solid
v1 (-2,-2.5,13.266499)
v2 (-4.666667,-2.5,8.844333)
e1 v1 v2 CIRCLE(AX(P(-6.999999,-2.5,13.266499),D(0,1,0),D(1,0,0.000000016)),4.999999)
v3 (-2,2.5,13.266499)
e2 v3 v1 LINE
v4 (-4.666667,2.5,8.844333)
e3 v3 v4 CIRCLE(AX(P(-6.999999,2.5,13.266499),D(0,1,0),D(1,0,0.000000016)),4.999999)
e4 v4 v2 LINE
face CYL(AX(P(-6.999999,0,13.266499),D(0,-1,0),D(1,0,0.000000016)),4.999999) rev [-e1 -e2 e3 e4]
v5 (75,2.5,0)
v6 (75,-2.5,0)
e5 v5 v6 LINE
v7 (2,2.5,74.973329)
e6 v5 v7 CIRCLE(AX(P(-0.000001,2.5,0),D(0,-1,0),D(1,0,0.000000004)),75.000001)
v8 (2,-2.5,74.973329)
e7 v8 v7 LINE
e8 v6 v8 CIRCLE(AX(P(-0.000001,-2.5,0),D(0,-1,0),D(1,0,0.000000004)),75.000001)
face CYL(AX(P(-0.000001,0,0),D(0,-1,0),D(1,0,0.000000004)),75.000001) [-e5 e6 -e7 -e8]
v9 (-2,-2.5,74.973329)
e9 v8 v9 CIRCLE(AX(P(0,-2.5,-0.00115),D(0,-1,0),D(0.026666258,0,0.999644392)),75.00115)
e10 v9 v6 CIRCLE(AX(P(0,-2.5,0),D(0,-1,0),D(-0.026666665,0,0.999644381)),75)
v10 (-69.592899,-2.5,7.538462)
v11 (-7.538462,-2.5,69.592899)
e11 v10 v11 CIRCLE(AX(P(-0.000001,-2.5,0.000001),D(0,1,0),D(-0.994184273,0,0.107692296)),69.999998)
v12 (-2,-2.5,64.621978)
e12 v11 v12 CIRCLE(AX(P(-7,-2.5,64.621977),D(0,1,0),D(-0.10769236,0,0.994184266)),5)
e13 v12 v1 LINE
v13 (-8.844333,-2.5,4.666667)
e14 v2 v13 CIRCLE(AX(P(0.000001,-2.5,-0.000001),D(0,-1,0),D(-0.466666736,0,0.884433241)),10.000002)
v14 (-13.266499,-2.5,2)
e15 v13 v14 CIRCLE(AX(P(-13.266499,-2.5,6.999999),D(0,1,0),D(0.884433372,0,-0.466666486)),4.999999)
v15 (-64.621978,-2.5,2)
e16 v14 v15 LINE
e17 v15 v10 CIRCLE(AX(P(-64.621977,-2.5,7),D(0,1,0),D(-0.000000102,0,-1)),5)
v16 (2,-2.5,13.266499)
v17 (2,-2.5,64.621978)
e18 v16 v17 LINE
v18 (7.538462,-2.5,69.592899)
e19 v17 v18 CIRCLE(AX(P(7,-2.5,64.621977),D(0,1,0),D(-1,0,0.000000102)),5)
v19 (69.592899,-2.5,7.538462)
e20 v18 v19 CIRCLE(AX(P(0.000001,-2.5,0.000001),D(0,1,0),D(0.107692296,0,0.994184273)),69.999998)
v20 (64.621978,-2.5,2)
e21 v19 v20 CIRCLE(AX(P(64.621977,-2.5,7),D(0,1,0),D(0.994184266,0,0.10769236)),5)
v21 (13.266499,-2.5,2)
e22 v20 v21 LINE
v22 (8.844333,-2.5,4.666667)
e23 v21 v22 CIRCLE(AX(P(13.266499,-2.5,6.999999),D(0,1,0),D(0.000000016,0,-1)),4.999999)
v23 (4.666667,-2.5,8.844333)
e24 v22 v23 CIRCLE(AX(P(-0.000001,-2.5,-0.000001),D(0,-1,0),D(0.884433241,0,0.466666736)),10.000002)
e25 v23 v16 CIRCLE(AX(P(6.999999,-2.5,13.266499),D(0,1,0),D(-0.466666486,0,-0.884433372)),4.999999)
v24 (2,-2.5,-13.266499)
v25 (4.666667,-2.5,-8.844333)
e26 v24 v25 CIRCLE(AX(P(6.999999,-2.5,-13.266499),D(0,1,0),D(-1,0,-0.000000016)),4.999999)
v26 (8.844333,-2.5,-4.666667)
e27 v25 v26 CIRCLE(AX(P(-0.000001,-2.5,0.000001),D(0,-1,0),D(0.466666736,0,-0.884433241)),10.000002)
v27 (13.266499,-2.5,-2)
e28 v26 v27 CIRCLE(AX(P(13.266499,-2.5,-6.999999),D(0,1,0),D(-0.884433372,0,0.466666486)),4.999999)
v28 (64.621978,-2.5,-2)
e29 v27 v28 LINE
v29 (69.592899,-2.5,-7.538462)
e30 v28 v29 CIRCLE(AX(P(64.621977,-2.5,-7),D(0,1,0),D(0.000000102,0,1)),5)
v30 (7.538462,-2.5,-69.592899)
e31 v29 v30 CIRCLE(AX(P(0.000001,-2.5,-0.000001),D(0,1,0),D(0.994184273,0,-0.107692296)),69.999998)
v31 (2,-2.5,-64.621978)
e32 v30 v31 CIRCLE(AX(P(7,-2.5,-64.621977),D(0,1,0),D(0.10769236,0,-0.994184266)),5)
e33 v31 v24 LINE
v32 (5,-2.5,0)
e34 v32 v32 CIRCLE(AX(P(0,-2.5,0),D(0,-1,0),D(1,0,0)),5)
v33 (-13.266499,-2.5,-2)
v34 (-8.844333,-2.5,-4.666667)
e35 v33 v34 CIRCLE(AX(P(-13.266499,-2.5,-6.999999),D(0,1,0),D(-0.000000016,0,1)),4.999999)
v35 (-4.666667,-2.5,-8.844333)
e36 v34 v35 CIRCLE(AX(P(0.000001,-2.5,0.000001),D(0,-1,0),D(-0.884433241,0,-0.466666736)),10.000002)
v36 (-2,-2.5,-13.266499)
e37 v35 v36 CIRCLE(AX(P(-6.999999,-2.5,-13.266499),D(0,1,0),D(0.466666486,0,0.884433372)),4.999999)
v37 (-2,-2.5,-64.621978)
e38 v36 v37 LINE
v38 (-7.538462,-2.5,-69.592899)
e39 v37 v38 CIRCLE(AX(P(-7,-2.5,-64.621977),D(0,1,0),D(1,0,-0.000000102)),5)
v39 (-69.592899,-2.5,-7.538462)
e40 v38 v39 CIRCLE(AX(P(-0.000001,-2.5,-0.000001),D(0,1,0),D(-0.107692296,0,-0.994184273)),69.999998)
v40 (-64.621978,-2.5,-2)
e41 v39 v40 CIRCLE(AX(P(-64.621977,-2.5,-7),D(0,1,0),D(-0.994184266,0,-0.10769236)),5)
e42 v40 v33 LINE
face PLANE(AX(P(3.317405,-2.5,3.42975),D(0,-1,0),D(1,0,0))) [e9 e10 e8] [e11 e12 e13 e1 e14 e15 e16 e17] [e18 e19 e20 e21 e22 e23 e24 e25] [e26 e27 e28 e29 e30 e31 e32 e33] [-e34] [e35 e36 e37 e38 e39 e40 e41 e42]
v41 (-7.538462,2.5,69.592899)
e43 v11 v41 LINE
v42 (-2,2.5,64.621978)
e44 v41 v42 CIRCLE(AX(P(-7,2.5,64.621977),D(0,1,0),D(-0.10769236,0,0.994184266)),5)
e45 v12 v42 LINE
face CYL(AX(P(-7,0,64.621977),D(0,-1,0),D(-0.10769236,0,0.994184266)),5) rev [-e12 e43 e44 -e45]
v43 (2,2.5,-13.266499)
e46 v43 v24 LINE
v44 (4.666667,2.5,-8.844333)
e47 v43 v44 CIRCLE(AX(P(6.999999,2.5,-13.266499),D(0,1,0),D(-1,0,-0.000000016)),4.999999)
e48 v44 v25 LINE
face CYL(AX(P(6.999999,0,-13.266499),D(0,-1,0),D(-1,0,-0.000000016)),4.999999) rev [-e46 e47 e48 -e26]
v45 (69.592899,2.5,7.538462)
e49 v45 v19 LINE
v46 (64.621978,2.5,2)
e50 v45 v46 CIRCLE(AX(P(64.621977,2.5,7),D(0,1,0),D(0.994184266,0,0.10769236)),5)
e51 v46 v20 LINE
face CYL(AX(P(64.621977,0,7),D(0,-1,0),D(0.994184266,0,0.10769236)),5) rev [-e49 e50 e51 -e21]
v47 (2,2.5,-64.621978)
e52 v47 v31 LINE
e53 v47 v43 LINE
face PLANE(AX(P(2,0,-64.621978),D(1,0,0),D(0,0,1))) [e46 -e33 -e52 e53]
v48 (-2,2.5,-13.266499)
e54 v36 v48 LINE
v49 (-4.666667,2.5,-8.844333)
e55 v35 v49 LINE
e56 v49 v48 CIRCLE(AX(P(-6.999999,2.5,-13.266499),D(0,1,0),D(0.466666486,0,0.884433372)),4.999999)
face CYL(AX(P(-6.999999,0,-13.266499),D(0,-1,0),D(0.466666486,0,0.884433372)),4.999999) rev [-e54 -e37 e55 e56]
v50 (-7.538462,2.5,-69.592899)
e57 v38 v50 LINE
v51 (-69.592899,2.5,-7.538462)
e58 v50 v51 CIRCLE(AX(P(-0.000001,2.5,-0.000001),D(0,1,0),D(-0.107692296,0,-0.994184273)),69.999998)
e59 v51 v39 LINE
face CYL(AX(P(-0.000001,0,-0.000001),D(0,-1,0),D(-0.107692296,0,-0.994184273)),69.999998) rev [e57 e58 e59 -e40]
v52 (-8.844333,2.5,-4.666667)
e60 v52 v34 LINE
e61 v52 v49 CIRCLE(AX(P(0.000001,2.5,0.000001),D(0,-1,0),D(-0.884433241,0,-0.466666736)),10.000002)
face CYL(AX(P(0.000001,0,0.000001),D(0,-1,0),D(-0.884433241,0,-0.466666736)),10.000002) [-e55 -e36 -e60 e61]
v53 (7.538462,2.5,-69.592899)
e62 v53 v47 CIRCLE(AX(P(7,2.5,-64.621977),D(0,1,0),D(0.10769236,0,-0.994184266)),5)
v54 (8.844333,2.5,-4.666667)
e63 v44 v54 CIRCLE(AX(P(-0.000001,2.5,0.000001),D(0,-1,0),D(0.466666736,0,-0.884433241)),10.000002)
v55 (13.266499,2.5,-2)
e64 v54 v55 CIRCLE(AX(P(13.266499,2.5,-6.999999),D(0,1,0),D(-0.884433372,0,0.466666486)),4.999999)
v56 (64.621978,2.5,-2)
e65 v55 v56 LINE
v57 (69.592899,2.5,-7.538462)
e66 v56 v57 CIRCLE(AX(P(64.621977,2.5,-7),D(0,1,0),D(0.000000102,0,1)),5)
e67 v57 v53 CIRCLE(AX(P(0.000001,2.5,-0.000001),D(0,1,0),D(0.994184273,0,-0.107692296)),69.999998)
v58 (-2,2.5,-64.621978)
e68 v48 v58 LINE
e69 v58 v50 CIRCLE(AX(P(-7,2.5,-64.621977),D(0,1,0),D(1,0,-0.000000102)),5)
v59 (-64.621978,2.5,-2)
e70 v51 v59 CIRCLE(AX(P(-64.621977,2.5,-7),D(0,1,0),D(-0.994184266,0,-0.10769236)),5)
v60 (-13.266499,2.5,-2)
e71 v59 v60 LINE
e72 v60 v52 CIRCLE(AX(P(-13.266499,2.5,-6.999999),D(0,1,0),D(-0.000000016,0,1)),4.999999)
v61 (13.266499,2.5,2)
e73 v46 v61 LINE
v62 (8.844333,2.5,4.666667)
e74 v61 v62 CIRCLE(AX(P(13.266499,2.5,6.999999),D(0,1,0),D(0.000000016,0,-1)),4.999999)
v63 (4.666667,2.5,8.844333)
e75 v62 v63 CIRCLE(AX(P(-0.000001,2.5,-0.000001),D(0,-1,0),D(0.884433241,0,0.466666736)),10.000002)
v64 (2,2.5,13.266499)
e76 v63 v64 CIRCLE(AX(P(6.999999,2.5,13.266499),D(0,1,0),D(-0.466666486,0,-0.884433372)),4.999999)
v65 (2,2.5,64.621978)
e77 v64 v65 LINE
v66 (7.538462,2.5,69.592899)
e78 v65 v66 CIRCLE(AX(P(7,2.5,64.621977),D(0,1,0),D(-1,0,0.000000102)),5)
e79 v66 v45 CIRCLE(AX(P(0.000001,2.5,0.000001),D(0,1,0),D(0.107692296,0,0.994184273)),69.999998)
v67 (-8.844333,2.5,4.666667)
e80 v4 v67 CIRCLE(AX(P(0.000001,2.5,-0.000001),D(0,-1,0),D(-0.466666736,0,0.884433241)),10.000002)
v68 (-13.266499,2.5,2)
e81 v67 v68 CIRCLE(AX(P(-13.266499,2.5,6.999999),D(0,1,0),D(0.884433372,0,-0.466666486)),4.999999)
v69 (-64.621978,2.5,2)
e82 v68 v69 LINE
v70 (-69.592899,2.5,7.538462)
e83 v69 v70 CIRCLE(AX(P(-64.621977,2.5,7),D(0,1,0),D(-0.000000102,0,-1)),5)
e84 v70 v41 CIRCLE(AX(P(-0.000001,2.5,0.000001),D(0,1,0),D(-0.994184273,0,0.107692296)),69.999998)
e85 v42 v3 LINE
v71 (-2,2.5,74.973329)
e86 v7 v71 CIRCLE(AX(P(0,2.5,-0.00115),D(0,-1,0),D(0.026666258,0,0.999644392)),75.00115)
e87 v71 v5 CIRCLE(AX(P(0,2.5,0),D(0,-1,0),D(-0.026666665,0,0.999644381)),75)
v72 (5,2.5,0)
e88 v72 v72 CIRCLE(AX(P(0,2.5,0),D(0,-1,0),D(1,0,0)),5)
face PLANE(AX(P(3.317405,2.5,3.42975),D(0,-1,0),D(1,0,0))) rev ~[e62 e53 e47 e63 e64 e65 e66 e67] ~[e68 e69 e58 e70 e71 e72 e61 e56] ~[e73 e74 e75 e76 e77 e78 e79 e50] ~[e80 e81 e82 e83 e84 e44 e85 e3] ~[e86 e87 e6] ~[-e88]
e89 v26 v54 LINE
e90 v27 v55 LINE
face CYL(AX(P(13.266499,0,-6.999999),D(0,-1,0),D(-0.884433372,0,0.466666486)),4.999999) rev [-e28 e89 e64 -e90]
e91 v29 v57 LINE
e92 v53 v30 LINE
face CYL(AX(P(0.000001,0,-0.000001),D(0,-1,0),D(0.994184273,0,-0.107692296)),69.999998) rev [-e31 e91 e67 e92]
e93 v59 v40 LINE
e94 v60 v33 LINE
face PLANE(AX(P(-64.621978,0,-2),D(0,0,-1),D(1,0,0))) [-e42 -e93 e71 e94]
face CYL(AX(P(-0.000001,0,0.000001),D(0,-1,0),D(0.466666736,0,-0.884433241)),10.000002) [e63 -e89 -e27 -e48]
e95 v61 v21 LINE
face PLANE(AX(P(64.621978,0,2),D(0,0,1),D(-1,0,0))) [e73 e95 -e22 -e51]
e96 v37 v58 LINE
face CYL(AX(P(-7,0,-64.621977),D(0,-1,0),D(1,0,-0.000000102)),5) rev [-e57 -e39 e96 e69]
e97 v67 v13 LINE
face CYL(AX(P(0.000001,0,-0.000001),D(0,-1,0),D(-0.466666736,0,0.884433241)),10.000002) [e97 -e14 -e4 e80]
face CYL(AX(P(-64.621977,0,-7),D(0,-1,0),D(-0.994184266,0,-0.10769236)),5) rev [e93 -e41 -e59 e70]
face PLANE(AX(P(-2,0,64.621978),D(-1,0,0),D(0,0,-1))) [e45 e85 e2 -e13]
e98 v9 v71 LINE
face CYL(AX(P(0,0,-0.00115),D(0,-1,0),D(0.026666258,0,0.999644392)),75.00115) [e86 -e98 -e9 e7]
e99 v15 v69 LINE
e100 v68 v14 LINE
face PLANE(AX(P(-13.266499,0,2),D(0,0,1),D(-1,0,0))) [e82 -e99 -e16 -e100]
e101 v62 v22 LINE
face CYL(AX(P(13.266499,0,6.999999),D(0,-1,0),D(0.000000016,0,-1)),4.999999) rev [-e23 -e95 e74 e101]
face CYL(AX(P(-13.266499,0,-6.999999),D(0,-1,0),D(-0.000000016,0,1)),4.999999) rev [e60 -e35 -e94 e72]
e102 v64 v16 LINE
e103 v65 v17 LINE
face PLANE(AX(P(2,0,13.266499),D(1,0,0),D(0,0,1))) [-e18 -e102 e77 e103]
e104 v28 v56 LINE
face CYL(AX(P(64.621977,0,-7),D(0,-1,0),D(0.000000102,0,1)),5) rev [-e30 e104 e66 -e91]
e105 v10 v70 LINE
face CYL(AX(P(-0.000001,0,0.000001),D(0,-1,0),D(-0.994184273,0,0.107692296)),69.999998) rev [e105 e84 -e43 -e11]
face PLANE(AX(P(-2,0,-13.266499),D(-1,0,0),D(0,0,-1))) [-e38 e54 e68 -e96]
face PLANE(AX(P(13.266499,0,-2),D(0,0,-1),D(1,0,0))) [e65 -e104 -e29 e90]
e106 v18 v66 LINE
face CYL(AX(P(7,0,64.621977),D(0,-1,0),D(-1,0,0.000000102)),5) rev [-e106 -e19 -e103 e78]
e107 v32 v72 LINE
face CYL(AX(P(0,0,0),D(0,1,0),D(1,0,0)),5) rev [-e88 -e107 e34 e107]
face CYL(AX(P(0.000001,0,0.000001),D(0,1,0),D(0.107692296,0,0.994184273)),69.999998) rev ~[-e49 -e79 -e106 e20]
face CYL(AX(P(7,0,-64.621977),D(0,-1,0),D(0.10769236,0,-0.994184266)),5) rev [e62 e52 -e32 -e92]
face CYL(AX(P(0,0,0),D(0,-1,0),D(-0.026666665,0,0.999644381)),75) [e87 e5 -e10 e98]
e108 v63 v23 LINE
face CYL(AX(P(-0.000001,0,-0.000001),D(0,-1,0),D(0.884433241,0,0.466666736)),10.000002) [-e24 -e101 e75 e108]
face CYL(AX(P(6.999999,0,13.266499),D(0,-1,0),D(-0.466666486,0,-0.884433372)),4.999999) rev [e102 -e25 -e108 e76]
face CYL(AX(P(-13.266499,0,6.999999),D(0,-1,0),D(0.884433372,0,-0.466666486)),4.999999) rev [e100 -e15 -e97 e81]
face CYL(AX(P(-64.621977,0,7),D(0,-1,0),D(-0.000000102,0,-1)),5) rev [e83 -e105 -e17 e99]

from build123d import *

# Parameters (mm, degrees)
F0_R     = 5
F1_DEPTH = 2.5


with BuildPart() as f1:
    # F0 (on Front) → F1 (new body, symmetric)
    with BuildSketch(Plane.XZ):
        with BuildLine():
            ThreePointArc((-2, 74.973329), (-52.321124, -53.735463), (75, 0))
            ThreePointArc((75, 0), (53.735463, 52.321124), (2, 74.973329))
            ThreePointArc((2, 74.973329), (0, 75), (-2, 74.973329))
        make_face()
        with BuildLine():
            ThreePointArc((-69.592899, -7.538462), (-68.34302, -3.660263), (-64.621978, -2))
            Line((-64.621978, -2), (-13.266499, -2))
            ThreePointArc((-13.266499, -2), (-10.68451, -2.718256), (-8.844333, -4.666667))
            ThreePointArc((-8.844333, -4.666667), (-7.071068, -7.071068), (-4.666667, -8.844333))
            ThreePointArc((-4.666667, -8.844333), (-2.718256, -10.68451), (-2, -13.266499))
            Line((-2, -13.266499), (-2, -64.621978))
            ThreePointArc((-2, -64.621978), (-3.660263, -68.34302), (-7.538462, -69.592899))
            ThreePointArc((-7.538462, -69.592899), (-49.497475, -49.497475), (-69.592899, -7.538462))
        make_face(mode=Mode.SUBTRACT)
        with BuildLine():
            ThreePointArc((7.538462, -69.592899), (3.660263, -68.34302), (2, -64.621978))
            Line((2, -64.621978), (2, -13.266499))
            ThreePointArc((2, -13.266499), (2.718256, -10.68451), (4.666667, -8.844333))
            ThreePointArc((4.666667, -8.844333), (7.071068, -7.071068), (8.844333, -4.666667))
            ThreePointArc((8.844333, -4.666667), (10.68451, -2.718256), (13.266499, -2))
            Line((13.266499, -2), (64.621978, -2))
            ThreePointArc((64.621978, -2), (68.34302, -3.660263), (69.592899, -7.538462))
            ThreePointArc((69.592899, -7.538462), (49.497475, -49.497475), (7.538462, -69.592899))
        make_face(mode=Mode.SUBTRACT)
        with BuildLine():
            ThreePointArc((-2, 13.266499), (-2.718256, 10.68451), (-4.666667, 8.844333))
            ThreePointArc((-4.666667, 8.844333), (-7.071068, 7.071068), (-8.844333, 4.666667))
            ThreePointArc((-8.844333, 4.666667), (-10.68451, 2.718256), (-13.266499, 2))
            Line((-13.266499, 2), (-64.621978, 2))
            ThreePointArc((-64.621978, 2), (-68.34302, 3.660263), (-69.592899, 7.538462))
            ThreePointArc((-69.592899, 7.538462), (-49.497475, 49.497475), (-7.538462, 69.592899))
            ThreePointArc((-7.538462, 69.592899), (-3.660263, 68.34302), (-2, 64.621978))
            Line((-2, 64.621978), (-2, 13.266499))
        make_face(mode=Mode.SUBTRACT)
        Circle(F0_R, mode=Mode.SUBTRACT)
        with BuildLine():
            ThreePointArc((7.538462, 69.592899), (49.497475, 49.497475), (69.592899, 7.538462))
            ThreePointArc((69.592899, 7.538462), (68.34302, 3.660263), (64.621978, 2))
            Line((64.621978, 2), (13.266499, 2))
            ThreePointArc((13.266499, 2), (10.68451, 2.718256), (8.844333, 4.666667))
            ThreePointArc((8.844333, 4.666667), (7.071068, 7.071068), (4.666667, 8.844333))
            ThreePointArc((4.666667, 8.844333), (2.718256, 10.68451), (2, 13.266499))
            Line((2, 13.266499), (2, 64.621978))
            ThreePointArc((2, 64.621978), (3.660263, 68.34302), (7.538462, 69.592899))
        make_face(mode=Mode.SUBTRACT)
    extrude(amount=F1_DEPTH, both=True)


solid = f1.part
